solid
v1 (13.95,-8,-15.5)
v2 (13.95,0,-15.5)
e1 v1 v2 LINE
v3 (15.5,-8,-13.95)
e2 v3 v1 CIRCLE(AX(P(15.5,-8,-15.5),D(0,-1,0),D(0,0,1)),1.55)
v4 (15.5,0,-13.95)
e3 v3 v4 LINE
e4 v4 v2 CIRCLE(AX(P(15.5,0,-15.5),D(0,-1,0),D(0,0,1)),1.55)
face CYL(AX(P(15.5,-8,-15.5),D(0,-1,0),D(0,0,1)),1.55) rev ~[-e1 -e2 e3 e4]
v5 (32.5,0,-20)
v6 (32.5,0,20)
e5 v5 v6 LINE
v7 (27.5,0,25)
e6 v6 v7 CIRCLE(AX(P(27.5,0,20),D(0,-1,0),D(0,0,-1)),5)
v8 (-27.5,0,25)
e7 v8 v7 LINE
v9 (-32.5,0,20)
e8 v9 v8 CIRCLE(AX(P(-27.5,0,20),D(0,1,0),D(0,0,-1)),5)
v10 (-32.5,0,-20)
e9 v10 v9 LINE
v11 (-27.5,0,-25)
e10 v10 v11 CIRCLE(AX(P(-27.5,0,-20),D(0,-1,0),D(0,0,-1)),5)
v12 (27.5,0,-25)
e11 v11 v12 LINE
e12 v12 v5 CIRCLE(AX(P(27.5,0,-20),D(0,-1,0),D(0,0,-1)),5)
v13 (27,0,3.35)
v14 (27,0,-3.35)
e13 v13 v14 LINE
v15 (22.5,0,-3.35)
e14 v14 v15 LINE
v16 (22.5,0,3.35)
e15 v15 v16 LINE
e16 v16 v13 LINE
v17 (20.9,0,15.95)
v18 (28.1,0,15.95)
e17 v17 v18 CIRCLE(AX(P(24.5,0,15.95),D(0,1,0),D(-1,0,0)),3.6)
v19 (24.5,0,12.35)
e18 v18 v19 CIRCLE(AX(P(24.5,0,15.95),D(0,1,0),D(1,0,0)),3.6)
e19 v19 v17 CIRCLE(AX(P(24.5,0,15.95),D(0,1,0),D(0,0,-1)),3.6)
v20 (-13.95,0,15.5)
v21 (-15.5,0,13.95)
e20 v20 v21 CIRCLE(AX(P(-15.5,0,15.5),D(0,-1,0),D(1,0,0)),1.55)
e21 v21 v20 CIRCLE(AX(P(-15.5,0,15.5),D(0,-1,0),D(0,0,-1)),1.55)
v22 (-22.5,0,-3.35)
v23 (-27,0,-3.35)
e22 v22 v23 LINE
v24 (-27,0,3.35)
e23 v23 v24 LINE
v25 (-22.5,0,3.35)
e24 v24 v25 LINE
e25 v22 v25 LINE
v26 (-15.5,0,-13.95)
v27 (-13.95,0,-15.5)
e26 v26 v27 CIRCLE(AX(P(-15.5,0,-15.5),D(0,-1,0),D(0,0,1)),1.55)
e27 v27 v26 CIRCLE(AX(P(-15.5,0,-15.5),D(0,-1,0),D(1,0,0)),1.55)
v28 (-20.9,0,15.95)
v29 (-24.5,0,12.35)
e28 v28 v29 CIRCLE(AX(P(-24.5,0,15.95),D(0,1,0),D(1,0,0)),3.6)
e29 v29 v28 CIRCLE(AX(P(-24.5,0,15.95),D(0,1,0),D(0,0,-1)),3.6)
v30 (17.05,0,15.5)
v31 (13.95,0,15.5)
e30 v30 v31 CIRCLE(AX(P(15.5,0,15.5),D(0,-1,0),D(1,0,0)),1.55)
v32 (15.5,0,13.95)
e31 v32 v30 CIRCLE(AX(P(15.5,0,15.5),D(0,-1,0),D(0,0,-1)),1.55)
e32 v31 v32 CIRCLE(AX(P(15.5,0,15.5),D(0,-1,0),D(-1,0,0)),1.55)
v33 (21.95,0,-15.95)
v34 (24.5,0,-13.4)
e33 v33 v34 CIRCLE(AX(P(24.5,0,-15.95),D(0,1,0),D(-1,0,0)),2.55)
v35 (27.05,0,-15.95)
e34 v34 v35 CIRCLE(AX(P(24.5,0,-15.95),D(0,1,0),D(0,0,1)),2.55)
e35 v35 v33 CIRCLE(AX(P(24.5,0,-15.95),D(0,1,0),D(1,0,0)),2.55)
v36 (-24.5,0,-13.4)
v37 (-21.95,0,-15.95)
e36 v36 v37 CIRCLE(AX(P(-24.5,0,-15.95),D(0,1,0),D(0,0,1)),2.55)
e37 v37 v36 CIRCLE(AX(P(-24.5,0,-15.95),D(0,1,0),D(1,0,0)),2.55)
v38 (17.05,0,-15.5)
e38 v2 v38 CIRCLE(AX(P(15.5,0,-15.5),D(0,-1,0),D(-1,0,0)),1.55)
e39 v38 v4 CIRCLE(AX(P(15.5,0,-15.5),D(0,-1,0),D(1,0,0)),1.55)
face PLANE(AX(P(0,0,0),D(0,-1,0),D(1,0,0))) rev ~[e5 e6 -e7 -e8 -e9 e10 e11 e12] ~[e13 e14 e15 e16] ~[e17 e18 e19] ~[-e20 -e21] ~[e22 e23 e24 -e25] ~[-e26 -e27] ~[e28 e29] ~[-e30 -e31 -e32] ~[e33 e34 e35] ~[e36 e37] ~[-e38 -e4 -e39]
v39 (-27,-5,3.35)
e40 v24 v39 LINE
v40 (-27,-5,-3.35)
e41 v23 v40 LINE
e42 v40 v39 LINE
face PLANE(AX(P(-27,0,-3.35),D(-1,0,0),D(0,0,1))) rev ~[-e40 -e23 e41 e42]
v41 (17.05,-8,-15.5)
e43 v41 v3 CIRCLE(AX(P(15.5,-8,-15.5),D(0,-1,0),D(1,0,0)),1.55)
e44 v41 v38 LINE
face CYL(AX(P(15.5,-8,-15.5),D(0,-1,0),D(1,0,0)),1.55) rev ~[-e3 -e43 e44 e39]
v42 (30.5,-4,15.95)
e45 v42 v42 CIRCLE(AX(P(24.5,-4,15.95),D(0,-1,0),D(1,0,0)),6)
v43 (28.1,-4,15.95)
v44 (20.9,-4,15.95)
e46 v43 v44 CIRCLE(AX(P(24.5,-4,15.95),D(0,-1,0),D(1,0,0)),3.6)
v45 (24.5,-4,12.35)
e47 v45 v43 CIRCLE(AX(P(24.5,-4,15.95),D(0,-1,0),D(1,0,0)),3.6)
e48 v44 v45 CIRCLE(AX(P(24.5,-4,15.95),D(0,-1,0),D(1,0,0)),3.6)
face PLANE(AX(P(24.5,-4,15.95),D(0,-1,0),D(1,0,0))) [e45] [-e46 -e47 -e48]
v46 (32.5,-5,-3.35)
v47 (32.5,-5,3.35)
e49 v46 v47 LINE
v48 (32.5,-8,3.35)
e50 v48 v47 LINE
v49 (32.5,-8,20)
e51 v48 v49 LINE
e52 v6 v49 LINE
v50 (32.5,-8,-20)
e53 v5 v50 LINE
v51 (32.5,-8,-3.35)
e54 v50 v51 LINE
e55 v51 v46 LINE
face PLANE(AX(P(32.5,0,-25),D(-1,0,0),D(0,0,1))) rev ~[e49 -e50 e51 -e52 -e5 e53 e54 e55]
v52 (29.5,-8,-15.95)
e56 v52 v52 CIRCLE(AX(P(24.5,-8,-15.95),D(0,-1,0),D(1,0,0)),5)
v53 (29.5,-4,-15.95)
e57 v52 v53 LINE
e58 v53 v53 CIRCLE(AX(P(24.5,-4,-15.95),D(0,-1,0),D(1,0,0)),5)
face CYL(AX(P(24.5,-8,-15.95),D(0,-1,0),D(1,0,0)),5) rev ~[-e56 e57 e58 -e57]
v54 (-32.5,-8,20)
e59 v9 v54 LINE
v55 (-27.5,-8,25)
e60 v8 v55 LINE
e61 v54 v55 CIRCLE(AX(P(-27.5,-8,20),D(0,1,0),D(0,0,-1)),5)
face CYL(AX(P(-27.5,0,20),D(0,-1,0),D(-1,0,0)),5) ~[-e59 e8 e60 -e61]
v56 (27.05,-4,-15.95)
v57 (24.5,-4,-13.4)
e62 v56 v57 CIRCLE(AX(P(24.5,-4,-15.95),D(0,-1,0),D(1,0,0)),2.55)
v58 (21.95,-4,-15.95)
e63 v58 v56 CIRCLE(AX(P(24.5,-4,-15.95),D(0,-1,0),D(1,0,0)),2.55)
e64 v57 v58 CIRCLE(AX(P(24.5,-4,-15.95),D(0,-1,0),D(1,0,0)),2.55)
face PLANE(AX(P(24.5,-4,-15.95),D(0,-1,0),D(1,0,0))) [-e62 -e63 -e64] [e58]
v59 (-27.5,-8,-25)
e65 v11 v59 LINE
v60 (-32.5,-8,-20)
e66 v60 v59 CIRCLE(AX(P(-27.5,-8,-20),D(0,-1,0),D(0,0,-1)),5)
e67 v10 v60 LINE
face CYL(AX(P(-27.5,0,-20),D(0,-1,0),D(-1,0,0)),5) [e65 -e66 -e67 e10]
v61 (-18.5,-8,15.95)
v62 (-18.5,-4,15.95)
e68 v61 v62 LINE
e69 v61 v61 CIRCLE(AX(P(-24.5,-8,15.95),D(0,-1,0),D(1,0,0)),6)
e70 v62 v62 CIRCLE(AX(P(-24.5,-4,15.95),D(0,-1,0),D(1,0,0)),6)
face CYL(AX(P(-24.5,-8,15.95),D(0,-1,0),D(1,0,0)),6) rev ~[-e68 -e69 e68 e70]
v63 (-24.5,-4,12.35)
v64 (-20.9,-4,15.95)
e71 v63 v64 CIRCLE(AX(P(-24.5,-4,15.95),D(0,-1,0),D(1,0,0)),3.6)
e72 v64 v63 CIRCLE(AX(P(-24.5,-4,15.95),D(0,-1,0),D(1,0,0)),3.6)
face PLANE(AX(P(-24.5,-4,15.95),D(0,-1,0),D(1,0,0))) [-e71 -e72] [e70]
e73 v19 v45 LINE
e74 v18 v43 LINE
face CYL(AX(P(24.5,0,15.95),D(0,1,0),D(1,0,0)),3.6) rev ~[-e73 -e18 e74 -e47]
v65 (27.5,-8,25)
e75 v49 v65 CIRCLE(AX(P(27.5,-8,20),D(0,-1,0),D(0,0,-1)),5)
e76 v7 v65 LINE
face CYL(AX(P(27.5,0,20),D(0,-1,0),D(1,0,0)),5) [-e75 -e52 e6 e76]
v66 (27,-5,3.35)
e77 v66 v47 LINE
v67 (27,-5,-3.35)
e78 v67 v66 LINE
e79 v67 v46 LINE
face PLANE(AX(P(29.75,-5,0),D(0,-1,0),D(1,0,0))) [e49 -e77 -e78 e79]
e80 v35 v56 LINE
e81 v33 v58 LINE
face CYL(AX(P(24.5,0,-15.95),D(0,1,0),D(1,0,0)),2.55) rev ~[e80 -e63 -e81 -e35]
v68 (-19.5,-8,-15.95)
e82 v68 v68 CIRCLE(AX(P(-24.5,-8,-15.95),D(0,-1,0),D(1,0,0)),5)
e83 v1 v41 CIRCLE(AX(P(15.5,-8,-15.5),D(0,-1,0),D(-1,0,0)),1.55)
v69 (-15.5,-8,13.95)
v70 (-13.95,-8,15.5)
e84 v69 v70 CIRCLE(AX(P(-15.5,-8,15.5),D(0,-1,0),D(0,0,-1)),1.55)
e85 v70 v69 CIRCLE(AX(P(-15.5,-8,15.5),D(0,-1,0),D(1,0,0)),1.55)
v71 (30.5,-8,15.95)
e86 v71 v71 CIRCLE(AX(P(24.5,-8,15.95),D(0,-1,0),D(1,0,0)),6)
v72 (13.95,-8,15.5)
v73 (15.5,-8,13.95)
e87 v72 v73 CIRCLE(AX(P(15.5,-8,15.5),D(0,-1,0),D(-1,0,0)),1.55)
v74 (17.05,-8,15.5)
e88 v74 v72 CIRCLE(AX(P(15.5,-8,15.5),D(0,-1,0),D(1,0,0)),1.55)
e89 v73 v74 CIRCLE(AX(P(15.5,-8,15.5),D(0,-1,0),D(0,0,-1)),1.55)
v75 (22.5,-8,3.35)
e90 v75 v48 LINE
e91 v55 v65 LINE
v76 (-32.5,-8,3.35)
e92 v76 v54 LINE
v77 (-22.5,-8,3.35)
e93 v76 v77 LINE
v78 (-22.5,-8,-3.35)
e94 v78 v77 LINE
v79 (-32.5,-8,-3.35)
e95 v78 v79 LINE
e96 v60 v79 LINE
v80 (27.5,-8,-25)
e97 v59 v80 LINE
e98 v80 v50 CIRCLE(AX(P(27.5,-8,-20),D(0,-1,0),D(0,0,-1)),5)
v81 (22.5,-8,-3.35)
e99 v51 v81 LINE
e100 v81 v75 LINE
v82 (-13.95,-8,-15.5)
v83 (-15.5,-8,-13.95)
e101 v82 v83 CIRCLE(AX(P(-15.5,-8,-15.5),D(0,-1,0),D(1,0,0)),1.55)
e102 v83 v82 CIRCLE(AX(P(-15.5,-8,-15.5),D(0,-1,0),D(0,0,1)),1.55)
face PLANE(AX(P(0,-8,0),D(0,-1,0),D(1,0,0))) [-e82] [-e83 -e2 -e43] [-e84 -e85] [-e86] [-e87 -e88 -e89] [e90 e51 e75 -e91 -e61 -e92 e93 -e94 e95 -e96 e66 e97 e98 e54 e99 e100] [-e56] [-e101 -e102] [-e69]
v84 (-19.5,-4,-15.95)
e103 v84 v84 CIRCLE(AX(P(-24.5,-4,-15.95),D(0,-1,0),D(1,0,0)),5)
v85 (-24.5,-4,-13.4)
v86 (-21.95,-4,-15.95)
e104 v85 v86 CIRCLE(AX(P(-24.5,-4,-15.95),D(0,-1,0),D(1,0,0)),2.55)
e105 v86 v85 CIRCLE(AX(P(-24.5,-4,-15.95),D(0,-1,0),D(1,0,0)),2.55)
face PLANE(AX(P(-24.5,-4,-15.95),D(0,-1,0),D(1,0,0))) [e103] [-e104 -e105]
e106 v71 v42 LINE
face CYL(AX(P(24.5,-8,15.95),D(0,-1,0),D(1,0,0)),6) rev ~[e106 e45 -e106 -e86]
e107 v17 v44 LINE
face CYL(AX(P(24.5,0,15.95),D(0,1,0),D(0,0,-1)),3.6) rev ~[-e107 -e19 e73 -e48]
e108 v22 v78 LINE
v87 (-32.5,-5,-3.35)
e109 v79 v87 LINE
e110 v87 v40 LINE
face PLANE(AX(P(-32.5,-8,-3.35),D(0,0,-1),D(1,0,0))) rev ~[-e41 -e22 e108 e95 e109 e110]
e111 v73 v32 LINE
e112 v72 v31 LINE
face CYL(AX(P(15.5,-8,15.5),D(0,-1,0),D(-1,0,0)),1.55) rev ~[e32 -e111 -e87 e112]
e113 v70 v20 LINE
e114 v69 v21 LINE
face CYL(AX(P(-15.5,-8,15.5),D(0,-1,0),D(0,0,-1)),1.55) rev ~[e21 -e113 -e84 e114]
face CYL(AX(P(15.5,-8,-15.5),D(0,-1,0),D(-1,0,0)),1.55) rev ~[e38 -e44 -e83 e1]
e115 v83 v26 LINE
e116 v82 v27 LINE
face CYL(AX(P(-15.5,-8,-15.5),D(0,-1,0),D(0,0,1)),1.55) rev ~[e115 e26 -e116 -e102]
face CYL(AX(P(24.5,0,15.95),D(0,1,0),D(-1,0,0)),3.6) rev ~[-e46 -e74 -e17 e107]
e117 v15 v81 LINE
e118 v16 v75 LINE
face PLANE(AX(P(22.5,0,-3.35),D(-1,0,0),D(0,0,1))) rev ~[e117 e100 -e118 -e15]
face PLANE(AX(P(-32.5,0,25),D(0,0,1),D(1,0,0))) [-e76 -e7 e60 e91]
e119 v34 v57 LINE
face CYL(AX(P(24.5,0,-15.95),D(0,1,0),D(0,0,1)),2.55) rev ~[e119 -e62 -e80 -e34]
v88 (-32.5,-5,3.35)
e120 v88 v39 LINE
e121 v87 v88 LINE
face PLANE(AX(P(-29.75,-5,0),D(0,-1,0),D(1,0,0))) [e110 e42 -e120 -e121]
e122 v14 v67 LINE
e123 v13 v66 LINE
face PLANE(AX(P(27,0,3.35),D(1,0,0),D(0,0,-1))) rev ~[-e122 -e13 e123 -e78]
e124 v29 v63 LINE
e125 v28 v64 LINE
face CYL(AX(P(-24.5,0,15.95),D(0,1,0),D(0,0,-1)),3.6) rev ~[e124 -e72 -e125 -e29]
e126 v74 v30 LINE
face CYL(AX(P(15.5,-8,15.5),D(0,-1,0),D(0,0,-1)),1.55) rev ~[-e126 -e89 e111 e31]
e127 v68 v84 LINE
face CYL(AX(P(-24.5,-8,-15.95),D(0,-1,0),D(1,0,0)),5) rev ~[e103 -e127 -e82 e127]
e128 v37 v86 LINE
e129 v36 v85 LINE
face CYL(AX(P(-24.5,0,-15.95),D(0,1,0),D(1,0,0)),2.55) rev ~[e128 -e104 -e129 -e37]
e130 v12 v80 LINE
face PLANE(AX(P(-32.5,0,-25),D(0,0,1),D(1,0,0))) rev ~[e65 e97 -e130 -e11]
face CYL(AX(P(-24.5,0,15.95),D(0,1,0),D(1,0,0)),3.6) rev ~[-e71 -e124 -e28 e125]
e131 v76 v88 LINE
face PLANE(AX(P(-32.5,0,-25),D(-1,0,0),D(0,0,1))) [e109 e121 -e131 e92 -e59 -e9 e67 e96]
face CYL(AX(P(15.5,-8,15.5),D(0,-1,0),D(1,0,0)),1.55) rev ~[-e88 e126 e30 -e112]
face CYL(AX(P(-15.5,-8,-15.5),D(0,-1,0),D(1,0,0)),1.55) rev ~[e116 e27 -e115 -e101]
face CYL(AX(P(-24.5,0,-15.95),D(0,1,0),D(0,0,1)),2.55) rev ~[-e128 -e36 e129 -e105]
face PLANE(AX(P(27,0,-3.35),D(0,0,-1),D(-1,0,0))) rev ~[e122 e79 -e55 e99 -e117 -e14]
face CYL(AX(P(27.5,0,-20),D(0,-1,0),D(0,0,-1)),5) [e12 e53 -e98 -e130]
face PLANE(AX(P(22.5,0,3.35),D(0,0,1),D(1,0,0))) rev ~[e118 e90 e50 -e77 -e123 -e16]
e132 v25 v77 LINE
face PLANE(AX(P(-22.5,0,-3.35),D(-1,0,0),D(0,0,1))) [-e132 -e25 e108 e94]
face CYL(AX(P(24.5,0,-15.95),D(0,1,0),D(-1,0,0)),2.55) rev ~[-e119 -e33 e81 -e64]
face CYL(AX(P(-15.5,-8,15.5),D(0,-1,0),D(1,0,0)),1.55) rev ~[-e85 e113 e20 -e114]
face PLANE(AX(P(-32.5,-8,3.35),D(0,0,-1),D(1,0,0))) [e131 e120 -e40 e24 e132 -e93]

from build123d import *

# Parameters (mm, degrees)
F0_W     = 65
F0_H     = 50
F0_W_2   = 45
F0_H_2   = 6.7
F1_DEPTH = 8
F2_R     = 6
F2_R_2   = 3.6
F2_R_3   = 5
F2_R_4   = 2.55
F3_DEPTH = 4
F4_W     = 5.5
F4_H     = 6.7
F5_DEPTH = 3
F6_R     = 5
F8_DEPTH = 25


with BuildPart() as f1:
    # F0 (on Front) → F1 (new body)
    with BuildSketch(Plane.XZ):
        Rectangle(F0_W, F0_H)
        with BuildLine():
            ThreePointArc((-24.5, 12.35), (-27.0455844123, 18.4955844123), (-20.9, 15.95))
            Line((-20.9, 15.95), (20.9, 15.95))
            ThreePointArc((20.9, 15.95), (24.5, 19.55), (28.1, 15.95))
            ThreePointArc((28.1, 15.95), (27.0455844123, 13.4044155877), (24.5, 12.35))
            Line((24.5, 12.35), (24.5, 3.35))
            Line((24.5, 3.35), (27, 3.35))
            Line((27, 3.35), (27, -3.35))
            Line((27, -3.35), (24.5, -3.35))
            Line((24.5, -3.35), (24.5, -13.4))
            ThreePointArc((24.5, -13.4), (26.303122292, -14.146877708), (27.05, -15.95))
            ThreePointArc((27.05, -15.95), (24.5, -18.5), (21.95, -15.95))
            Line((21.95, -15.95), (-21.95, -15.95))
            ThreePointArc((-21.95, -15.95), (-26.303122292, -17.753122292), (-24.5, -13.4))
            Line((-24.5, -13.4), (-24.5, -3.35))
            Line((-24.5, -3.35), (-27, -3.35))
            Line((-27, -3.35), (-27, 3.35))
            Line((-27, 3.35), (-24.5, 3.35))
            Line((-24.5, 3.35), (-24.5, 12.35))
        make_face(mode=Mode.SUBTRACT)
        with BuildLine():
            Line((20.9, 15.95), (-20.9, 15.95))
            ThreePointArc((-20.9, 15.95), (-21.9544155877, 13.4044155877), (-24.5, 12.35))
            Line((-24.5, 12.35), (-24.5, 3.35))
            Line((-24.5, 3.35), (-22.5, 3.35))
            Line((-22.5, 3.35), (22.5, 3.35))
            Line((22.5, 3.35), (24.5, 3.35))
            Line((24.5, 3.35), (24.5, 12.35))
            ThreePointArc((24.5, 12.35), (21.9544155877, 13.4044155877), (20.9, 15.95))
        make_face()
        with BuildLine():
            Line((-22.5, -3.35), (-24.5, -3.35))
            Line((-24.5, -3.35), (-24.5, -13.4))
            ThreePointArc((-24.5, -13.4), (-22.696877708, -14.146877708), (-21.95, -15.95))
            Line((-21.95, -15.95), (21.95, -15.95))
            ThreePointArc((21.95, -15.95), (22.696877708, -14.146877708), (24.5, -13.4))
            Line((24.5, -13.4), (24.5, -3.35))
            Line((24.5, -3.35), (22.5, -3.35))
            Line((22.5, -3.35), (-22.5, -3.35))
        make_face()
        Rectangle(F0_W_2, F0_H_2)
    extrude(amount=F1_DEPTH)

    # F2 (on face) → F3 (cut)
    with BuildSketch(Plane.XZ.offset(8)):
        with Locations((24.5, 15.95)):
            Circle(F2_R)
        with Locations((24.5, 15.95)):
            Circle(F2_R_2, mode=Mode.SUBTRACT)
        with Locations((-24.5, 15.95)):
            Circle(F2_R)
        with Locations((-24.5, 15.95)):
            Circle(F2_R_2, mode=Mode.SUBTRACT)
        with Locations((-24.5, -15.95)):
            Circle(F2_R_3)
        with Locations((-24.5, -15.95)):
            Circle(F2_R_4, mode=Mode.SUBTRACT)
        with Locations((24.5, -15.95)):
            Circle(F2_R_3)
        with Locations((24.5, -15.95)):
            Circle(F2_R_4, mode=Mode.SUBTRACT)
    extrude(amount=-F3_DEPTH, mode=Mode.SUBTRACT)

    # F4 (on face) → F5 (cut)
    with BuildSketch(Plane.XZ.offset(8)):
        with Locations((29.75, 0)):
            Rectangle(F4_W, F4_H)
        with Locations((-29.75, 0)):
            Rectangle(F4_W, F4_H)
    extrude(amount=-F5_DEPTH, mode=Mode.SUBTRACT)

    # F6
    f6_edges = [f1.edges().sort_by_distance(p)[0] for p in [
        (-32.5, -4, 25),
        (32.5, -4, 25),
        (32.5, -4, -25),
        (-32.5, -4, -25),
    ]]
    fillet(f6_edges, radius=F6_R)

    # F7 (on face) → F8 (cut)
    with BuildSketch(Plane.XZ.offset(8)):
        with BuildLine():
            Line((-15.5, 13.95), (-15.5, 15.5))
            Line((-15.5, 15.5), (-13.95, 15.5))
            ThreePointArc((-13.95, 15.5), (-16.5960155108, 16.5960155108), (-15.5, 13.95))
        make_face()
        with BuildLine():
            Line((-13.95, 15.5), (-15.5, 15.5))
            Line((-15.5, 15.5), (-15.5, 13.95))
            ThreePointArc((-15.5, 13.95), (-14.4039844892, 14.4039844892), (-13.95, 15.5))
        make_face()
        with BuildLine():
            ThreePointArc((-13.95, -15.5), (-14.4039844892, -14.4039844892), (-15.5, -13.95))
            Line((-15.5, -13.95), (-15.5, -15.5))
            Line((-15.5, -15.5), (-13.95, -15.5))
        make_face()
        with BuildLine():
            Line((-15.5, -15.5), (-15.5, -13.95))
            ThreePointArc((-15.5, -13.95), (-16.5960155108, -16.5960155108), (-13.95, -15.5))
            Line((-13.95, -15.5), (-15.5, -15.5))
        make_face()
        with BuildLine():
            Line((15.5, -15.5), (15.5, -13.95))
            ThreePointArc((15.5, -13.95), (14.4039844892, -14.4039844892), (13.95, -15.5))
            Line((13.95, -15.5), (15.5, -15.5))
        make_face()
        with BuildLine():
            ThreePointArc((17.05, -15.5), (16.5960155108, -14.4039844892), (15.5, -13.95))
            Line((15.5, -13.95), (15.5, -15.5))
            Line((15.5, -15.5), (13.95, -15.5))
            ThreePointArc((13.95, -15.5), (15.5, -17.05), (17.05, -15.5))
        make_face()
        with BuildLine():
            Line((15.5, 15.5), (13.95, 15.5))
            ThreePointArc((13.95, 15.5), (14.4039844892, 14.4039844892), (15.5, 13.95))
            Line((15.5, 13.95), (15.5, 15.5))
        make_face()
        with BuildLine():
            ThreePointArc((17.05, 15.5), (15.5, 17.05), (13.95, 15.5))
            Line((13.95, 15.5), (15.5, 15.5))
            Line((15.5, 15.5), (15.5, 13.95))
            ThreePointArc((15.5, 13.95), (16.5960155108, 14.4039844892), (17.05, 15.5))
        make_face()
    extrude(amount=-F8_DEPTH, mode=Mode.SUBTRACT)


solid = f1.part
